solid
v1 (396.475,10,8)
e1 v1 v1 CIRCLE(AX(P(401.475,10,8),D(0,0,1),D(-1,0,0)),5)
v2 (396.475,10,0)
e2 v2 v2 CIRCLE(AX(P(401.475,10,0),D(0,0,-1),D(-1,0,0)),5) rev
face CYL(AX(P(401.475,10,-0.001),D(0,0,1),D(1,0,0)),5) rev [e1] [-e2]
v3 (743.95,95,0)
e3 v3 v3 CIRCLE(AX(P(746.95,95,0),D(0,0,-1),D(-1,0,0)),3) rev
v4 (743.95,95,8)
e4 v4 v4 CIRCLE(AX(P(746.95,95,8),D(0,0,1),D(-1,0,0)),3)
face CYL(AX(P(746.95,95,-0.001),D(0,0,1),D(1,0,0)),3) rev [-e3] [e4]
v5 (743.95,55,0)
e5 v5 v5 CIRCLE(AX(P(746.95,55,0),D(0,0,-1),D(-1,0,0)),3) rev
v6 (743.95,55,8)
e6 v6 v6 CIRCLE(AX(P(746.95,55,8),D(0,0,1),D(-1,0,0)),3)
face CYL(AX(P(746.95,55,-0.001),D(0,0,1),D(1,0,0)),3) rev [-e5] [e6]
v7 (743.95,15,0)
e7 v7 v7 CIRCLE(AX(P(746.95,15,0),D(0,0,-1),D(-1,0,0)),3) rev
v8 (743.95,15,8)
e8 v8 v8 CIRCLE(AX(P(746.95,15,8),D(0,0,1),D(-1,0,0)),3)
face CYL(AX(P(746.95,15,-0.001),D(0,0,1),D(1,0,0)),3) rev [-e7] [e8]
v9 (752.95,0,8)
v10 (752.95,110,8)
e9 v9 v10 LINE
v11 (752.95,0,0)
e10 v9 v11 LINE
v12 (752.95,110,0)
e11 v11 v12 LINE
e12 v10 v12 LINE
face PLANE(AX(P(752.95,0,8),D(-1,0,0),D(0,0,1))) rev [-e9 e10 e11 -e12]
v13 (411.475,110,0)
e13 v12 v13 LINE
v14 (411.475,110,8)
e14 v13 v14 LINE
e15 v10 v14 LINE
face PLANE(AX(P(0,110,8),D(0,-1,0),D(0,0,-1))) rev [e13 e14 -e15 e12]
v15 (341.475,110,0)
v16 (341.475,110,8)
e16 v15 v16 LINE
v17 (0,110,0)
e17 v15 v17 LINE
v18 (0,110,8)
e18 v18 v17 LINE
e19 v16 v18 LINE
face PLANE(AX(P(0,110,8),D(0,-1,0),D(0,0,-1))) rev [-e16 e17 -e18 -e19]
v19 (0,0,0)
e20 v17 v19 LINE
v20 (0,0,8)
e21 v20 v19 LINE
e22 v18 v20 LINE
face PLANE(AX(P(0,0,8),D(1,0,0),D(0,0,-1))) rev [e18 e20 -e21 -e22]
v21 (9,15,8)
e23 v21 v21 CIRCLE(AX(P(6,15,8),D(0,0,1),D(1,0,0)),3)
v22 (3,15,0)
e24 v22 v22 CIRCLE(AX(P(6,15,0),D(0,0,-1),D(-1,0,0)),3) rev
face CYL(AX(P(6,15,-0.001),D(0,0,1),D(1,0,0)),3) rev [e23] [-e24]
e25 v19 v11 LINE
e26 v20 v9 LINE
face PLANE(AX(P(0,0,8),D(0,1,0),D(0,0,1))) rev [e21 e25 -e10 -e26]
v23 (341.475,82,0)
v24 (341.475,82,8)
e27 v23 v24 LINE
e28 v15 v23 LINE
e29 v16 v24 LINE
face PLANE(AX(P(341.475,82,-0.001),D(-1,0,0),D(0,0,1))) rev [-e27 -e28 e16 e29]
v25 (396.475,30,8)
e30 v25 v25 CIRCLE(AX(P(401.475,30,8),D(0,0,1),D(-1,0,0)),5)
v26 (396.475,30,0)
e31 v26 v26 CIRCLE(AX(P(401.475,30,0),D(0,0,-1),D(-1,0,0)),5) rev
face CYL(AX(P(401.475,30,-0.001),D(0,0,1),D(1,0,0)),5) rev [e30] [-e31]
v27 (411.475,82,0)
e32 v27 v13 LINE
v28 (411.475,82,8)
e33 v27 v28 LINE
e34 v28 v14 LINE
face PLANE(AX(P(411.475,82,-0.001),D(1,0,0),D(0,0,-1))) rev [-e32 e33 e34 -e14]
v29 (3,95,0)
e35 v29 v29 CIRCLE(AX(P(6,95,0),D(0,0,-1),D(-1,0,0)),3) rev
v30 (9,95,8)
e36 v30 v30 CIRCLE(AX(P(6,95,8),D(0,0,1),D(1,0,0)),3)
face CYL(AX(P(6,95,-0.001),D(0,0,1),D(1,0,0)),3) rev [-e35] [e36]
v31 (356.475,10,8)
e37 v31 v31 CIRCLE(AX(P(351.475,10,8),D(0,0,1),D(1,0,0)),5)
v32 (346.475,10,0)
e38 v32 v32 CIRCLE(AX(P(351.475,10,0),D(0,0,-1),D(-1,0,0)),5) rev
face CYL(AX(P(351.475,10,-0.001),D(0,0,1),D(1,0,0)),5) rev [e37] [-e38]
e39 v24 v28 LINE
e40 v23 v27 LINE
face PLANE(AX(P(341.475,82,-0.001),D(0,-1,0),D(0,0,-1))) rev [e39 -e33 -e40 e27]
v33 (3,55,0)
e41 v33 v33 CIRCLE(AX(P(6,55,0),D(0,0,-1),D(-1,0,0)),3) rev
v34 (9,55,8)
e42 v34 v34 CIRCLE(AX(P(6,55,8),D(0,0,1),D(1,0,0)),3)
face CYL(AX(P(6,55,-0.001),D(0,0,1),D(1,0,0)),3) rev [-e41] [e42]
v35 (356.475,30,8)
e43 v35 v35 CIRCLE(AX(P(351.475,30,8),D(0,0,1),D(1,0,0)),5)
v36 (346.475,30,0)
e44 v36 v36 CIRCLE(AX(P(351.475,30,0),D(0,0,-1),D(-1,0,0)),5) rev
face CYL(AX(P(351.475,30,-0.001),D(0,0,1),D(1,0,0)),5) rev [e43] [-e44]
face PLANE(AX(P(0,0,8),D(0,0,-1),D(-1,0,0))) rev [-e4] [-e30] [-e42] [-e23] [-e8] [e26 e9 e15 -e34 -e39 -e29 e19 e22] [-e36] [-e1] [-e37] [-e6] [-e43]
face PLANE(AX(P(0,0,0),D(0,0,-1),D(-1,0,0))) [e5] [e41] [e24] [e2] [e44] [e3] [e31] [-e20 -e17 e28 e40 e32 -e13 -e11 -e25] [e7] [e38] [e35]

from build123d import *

# Parameters (mm, degrees)
ESQUISSE1_W             = 752.95
ESQUISSE1_H             = 110
BOSS_EXTRU_1_DEPTH      = 8
ENL_V_MAT_EXTRU_1_REACH = 762.985
ESQUISSE2_R             = 5
ENL_V_MAT_EXTRU_2_REACH = 762.985
ESQUISSE3_R             = 3
ENL_V_MAT_EXTRU_3_REACH = 762.985
ESQUISSE4_W             = 70
ESQUISSE4_H             = 28


with BuildPart() as part:
    # Esquisse1 → Boss.-Extru.1 (new body)
    with BuildSketch(Plane.XY):
        with Locations((376.475, 55)):
            Rectangle(ESQUISSE1_W, ESQUISSE1_H)
    extrude(amount=BOSS_EXTRU_1_DEPTH)

    # Esquisse2 → Enlèv. mat.-Extru.1 (cut, up to next)
    with BuildSketch(Plane.XY.offset(8), mode=Mode.PRIVATE) as enl_v_mat_extru_1_sk1:
        with Locations((351.475, 30)):
            Circle(ESQUISSE2_R)
    enl_v_mat_extru_1_tool1 = extrude(enl_v_mat_extru_1_sk1.sketch, amount=-ENL_V_MAT_EXTRU_1_REACH, mode=Mode.PRIVATE) & part.part
    # Esquisse2 → Enlèv. mat.-Extru.1 (cut, up to next)
    with BuildSketch(Plane.XY.offset(8), mode=Mode.PRIVATE) as enl_v_mat_extru_1_sk2:
        with Locations((351.475, 10)):
            Circle(ESQUISSE2_R)
    enl_v_mat_extru_1_tool2 = extrude(enl_v_mat_extru_1_sk2.sketch, amount=-ENL_V_MAT_EXTRU_1_REACH, mode=Mode.PRIVATE) & part.part
    # Esquisse2 → Enlèv. mat.-Extru.1 (cut, up to next)
    with BuildSketch(Plane.XY.offset(8), mode=Mode.PRIVATE) as enl_v_mat_extru_1_sk3:
        with Locations(Location((401.475, 30, 0), (0, 0, 180))):
            Circle(ESQUISSE2_R)
    enl_v_mat_extru_1_tool3 = extrude(enl_v_mat_extru_1_sk3.sketch, amount=-ENL_V_MAT_EXTRU_1_REACH, mode=Mode.PRIVATE) & part.part
    # Esquisse2 → Enlèv. mat.-Extru.1 (cut, up to next)
    with BuildSketch(Plane.XY.offset(8), mode=Mode.PRIVATE) as enl_v_mat_extru_1_sk4:
        with Locations(Location((401.475, 10, 0), (0, 0, 180))):
            Circle(ESQUISSE2_R)
    enl_v_mat_extru_1_tool4 = extrude(enl_v_mat_extru_1_sk4.sketch, amount=-ENL_V_MAT_EXTRU_1_REACH, mode=Mode.PRIVATE) & part.part
    add(enl_v_mat_extru_1_tool1.solids().sort_by_distance((351.475, 30, 8))[0], mode=Mode.SUBTRACT)
    add(enl_v_mat_extru_1_tool2.solids().sort_by_distance((351.475, 10, 8))[0], mode=Mode.SUBTRACT)
    add(enl_v_mat_extru_1_tool3.solids().sort_by_distance((401.475, 30, 8))[0], mode=Mode.SUBTRACT)
    add(enl_v_mat_extru_1_tool4.solids().sort_by_distance((401.475, 10, 8))[0], mode=Mode.SUBTRACT)

    # Esquisse3 → Enlèv. mat.-Extru.2 (cut, up to next)
    with BuildSketch(Plane.XY.offset(8), mode=Mode.PRIVATE) as enl_v_mat_extru_2_sk1:
        with Locations((6, 95)):
            Circle(ESQUISSE3_R)
    enl_v_mat_extru_2_tool1 = extrude(enl_v_mat_extru_2_sk1.sketch, amount=-ENL_V_MAT_EXTRU_2_REACH, mode=Mode.PRIVATE) & part.part
    # Esquisse3 → Enlèv. mat.-Extru.2 (cut, up to next)
    with BuildSketch(Plane.XY.offset(8), mode=Mode.PRIVATE) as enl_v_mat_extru_2_sk2:
        with Locations((6, 55)):
            Circle(ESQUISSE3_R)
    enl_v_mat_extru_2_tool2 = extrude(enl_v_mat_extru_2_sk2.sketch, amount=-ENL_V_MAT_EXTRU_2_REACH, mode=Mode.PRIVATE) & part.part
    # Esquisse3 → Enlèv. mat.-Extru.2 (cut, up to next)
    with BuildSketch(Plane.XY.offset(8), mode=Mode.PRIVATE) as enl_v_mat_extru_2_sk3:
        with Locations((6, 15)):
            Circle(ESQUISSE3_R)
    enl_v_mat_extru_2_tool3 = extrude(enl_v_mat_extru_2_sk3.sketch, amount=-ENL_V_MAT_EXTRU_2_REACH, mode=Mode.PRIVATE) & part.part
    # Esquisse3 → Enlèv. mat.-Extru.2 (cut, up to next)
    with BuildSketch(Plane.XY.offset(8), mode=Mode.PRIVATE) as enl_v_mat_extru_2_sk4:
        with Locations(Location((746.95, 15, 0), (0, 0, 180))):
            Circle(ESQUISSE3_R)
    enl_v_mat_extru_2_tool4 = extrude(enl_v_mat_extru_2_sk4.sketch, amount=-ENL_V_MAT_EXTRU_2_REACH, mode=Mode.PRIVATE) & part.part
    # Esquisse3 → Enlèv. mat.-Extru.2 (cut, up to next)
    with BuildSketch(Plane.XY.offset(8), mode=Mode.PRIVATE) as enl_v_mat_extru_2_sk5:
        with Locations(Location((746.95, 55, 0), (0, 0, 180))):
            Circle(ESQUISSE3_R)
    enl_v_mat_extru_2_tool5 = extrude(enl_v_mat_extru_2_sk5.sketch, amount=-ENL_V_MAT_EXTRU_2_REACH, mode=Mode.PRIVATE) & part.part
    # Esquisse3 → Enlèv. mat.-Extru.2 (cut, up to next)
    with BuildSketch(Plane.XY.offset(8), mode=Mode.PRIVATE) as enl_v_mat_extru_2_sk6:
        with Locations(Location((746.95, 95, 0), (0, 0, 180))):
            Circle(ESQUISSE3_R)
    enl_v_mat_extru_2_tool6 = extrude(enl_v_mat_extru_2_sk6.sketch, amount=-ENL_V_MAT_EXTRU_2_REACH, mode=Mode.PRIVATE) & part.part
    add(enl_v_mat_extru_2_tool1.solids().sort_by_distance((6, 95, 8))[0], mode=Mode.SUBTRACT)
    add(enl_v_mat_extru_2_tool2.solids().sort_by_distance((6, 55, 8))[0], mode=Mode.SUBTRACT)
    add(enl_v_mat_extru_2_tool3.solids().sort_by_distance((6, 15, 8))[0], mode=Mode.SUBTRACT)
    add(enl_v_mat_extru_2_tool4.solids().sort_by_distance((746.95, 15, 8))[0], mode=Mode.SUBTRACT)
    add(enl_v_mat_extru_2_tool5.solids().sort_by_distance((746.95, 55, 8))[0], mode=Mode.SUBTRACT)
    add(enl_v_mat_extru_2_tool6.solids().sort_by_distance((746.95, 95, 8))[0], mode=Mode.SUBTRACT)

    # Esquisse4 → Enlèv. mat.-Extru.3 (cut, up to next)
    with BuildSketch(Plane.XY.offset(8), mode=Mode.PRIVATE) as enl_v_mat_extru_3_sk1:
        with Locations((376.475, 96)):
            Rectangle(ESQUISSE4_W, ESQUISSE4_H)
    enl_v_mat_extru_3_tool1 = extrude(enl_v_mat_extru_3_sk1.sketch, amount=-ENL_V_MAT_EXTRU_3_REACH, mode=Mode.PRIVATE) & part.part
    add(enl_v_mat_extru_3_tool1.solids().sort_by_distance((376.475, 96, 8))[0], mode=Mode.SUBTRACT)


solid = part.part
